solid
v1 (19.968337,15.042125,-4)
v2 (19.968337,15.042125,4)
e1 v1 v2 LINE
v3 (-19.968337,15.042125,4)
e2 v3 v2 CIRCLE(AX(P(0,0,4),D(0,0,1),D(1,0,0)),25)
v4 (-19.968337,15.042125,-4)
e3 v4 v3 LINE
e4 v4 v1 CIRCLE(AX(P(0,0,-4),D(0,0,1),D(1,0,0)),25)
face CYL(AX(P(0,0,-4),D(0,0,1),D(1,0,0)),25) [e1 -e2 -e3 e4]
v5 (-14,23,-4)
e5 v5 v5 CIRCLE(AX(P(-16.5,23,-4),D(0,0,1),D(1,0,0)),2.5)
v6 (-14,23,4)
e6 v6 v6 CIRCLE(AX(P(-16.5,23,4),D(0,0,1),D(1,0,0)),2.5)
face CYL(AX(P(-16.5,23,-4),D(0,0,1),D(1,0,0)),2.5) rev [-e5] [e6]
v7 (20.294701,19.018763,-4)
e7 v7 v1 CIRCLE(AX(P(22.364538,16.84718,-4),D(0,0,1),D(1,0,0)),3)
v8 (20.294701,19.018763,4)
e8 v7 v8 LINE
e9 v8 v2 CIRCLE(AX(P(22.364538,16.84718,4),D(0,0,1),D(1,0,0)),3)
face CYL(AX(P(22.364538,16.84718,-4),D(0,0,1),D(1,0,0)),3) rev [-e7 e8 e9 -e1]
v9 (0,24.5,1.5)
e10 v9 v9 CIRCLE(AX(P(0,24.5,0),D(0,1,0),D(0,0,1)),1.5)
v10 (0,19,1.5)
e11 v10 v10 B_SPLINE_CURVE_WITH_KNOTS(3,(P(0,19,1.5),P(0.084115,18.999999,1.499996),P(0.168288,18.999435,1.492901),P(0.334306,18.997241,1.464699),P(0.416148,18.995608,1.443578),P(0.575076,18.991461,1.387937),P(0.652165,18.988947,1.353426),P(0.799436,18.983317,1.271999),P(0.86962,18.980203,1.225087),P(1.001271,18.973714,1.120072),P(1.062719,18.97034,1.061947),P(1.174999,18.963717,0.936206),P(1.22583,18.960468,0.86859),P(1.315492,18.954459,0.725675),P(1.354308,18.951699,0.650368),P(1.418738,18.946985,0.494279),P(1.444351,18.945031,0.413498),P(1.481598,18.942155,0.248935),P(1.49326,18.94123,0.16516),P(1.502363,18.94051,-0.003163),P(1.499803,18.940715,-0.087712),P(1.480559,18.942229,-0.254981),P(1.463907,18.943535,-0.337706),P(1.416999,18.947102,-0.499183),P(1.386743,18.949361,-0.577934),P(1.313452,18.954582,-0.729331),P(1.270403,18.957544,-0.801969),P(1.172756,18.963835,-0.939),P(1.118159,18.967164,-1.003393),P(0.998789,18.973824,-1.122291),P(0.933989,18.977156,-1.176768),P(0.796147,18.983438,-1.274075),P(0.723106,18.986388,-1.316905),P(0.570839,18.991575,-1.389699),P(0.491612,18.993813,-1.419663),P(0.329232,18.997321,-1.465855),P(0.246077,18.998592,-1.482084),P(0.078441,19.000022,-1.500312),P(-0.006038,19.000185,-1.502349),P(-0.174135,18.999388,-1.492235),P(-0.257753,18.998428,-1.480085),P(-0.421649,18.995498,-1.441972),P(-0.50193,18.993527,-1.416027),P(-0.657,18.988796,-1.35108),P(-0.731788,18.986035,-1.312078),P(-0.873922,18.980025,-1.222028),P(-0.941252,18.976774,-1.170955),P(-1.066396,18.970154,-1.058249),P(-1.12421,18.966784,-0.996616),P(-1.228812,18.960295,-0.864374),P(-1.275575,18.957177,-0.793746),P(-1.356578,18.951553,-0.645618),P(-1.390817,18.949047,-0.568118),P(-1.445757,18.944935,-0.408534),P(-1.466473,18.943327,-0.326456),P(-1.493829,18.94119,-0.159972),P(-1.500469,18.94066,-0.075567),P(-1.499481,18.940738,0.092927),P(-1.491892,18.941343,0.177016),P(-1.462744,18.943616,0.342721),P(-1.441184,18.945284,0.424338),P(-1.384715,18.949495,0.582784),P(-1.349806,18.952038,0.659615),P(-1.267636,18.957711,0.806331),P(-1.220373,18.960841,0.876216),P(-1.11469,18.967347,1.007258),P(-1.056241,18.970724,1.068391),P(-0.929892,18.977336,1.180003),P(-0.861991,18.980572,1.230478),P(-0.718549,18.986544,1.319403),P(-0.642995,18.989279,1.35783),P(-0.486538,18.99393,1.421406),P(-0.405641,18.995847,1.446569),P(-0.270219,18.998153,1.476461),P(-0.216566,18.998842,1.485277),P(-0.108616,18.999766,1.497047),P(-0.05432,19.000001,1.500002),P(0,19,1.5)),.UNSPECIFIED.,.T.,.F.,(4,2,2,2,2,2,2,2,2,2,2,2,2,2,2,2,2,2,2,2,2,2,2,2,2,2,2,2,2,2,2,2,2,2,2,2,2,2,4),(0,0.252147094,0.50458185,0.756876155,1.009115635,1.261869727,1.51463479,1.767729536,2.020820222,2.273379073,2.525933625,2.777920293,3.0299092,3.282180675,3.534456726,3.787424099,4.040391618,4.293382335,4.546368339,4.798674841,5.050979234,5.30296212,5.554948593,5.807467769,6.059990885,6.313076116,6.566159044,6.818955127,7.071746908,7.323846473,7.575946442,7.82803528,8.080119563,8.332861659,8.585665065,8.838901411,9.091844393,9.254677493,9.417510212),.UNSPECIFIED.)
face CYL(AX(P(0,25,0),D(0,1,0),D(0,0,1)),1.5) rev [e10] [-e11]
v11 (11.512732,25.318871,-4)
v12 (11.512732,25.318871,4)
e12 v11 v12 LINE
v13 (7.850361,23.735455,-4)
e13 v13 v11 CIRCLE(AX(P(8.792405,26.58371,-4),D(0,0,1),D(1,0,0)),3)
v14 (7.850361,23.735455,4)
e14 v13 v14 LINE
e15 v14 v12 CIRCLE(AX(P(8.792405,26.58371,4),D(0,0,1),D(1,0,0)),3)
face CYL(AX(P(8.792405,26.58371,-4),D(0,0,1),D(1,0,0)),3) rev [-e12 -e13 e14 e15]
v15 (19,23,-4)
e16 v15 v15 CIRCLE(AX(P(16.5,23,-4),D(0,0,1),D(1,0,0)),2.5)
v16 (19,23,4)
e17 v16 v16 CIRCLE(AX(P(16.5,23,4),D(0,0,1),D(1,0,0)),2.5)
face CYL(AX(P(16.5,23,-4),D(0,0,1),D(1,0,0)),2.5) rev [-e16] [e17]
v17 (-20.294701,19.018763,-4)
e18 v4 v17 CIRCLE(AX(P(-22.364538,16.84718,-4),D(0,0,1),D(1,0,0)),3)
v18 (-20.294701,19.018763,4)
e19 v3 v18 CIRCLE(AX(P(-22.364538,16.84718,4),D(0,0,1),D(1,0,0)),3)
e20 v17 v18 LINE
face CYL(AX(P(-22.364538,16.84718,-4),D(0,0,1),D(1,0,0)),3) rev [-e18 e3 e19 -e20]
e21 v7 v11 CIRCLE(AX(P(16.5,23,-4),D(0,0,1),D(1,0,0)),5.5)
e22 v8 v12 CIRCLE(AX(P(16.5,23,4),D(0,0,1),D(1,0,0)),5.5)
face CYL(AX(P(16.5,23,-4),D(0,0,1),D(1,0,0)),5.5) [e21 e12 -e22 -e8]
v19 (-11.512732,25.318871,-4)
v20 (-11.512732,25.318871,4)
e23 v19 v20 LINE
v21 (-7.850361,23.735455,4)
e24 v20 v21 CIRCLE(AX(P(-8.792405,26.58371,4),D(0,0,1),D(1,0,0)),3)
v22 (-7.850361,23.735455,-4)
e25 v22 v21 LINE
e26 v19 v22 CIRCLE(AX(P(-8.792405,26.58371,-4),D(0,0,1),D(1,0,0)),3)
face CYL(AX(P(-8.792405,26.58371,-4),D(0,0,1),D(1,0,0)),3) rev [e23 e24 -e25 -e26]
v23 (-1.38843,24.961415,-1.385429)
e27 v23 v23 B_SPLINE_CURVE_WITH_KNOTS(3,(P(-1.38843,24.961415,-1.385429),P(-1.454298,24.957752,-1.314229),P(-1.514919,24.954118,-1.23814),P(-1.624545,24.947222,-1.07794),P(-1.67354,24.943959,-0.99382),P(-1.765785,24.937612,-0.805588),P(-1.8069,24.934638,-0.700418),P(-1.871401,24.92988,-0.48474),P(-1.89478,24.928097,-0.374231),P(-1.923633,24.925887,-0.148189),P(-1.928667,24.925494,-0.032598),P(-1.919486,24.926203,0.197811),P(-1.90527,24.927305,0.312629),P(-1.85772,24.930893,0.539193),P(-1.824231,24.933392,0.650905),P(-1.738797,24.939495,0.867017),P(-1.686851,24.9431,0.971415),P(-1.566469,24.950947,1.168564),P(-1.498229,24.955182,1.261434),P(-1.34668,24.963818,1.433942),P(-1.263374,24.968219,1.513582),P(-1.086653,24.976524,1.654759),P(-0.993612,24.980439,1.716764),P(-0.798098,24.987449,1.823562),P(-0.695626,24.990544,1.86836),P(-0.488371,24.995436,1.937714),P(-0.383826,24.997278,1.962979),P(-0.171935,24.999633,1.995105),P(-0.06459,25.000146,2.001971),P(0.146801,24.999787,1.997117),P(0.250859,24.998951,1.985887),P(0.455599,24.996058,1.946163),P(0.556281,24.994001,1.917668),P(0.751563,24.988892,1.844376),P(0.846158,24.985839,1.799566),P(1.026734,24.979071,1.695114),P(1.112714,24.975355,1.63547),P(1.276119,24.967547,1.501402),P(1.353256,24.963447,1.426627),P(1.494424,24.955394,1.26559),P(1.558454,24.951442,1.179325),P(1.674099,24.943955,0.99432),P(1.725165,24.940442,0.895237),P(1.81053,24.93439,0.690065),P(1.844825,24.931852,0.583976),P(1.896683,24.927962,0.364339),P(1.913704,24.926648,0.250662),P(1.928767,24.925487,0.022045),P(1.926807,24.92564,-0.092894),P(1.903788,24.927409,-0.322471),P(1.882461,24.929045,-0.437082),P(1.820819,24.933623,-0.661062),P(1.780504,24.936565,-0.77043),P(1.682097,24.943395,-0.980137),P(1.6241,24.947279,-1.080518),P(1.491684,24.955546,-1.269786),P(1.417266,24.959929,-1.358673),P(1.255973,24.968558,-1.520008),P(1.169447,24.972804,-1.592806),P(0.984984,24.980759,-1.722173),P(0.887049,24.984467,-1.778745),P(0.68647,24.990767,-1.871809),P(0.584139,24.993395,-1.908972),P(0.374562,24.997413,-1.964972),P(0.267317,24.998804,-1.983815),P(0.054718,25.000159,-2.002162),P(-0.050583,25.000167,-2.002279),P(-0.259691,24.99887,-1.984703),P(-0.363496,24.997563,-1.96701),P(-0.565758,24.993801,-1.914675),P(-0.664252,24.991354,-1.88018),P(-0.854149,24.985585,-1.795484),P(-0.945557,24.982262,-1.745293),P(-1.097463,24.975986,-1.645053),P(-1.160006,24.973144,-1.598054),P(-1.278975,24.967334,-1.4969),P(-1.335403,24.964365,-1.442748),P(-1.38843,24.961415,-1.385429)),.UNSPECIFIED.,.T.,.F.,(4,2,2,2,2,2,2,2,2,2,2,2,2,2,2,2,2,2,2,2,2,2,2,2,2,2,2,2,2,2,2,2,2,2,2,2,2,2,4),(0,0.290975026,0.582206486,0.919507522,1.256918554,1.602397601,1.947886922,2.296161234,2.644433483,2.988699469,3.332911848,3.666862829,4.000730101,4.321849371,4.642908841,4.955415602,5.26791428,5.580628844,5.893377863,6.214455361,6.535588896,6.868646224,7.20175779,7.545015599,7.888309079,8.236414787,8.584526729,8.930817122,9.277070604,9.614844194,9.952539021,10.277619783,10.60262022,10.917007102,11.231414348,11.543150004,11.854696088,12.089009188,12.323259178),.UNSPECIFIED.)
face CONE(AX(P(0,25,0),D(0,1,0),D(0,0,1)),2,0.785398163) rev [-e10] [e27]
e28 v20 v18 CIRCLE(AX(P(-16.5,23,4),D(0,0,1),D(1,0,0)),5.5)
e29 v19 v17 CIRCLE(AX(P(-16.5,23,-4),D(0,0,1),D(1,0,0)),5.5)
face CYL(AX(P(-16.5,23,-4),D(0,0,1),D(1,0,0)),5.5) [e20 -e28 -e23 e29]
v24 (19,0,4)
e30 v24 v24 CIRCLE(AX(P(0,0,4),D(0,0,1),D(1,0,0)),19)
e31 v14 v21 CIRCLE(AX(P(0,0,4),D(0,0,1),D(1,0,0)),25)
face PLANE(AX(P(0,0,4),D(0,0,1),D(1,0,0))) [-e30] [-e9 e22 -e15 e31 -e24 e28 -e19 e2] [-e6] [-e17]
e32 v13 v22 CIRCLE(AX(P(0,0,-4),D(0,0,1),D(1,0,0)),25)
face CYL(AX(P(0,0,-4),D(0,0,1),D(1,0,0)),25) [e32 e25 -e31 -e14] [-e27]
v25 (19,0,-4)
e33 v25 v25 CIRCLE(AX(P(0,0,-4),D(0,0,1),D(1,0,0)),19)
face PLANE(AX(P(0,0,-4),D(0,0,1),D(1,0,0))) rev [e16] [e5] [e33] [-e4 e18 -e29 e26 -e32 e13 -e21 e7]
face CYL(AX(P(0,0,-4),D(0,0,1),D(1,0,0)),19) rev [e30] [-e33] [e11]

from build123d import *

# Parameters (mm, degrees)
BOSS_EXTRUDE1_DEPTH                                  = 4
BOSS_EXTRUDE1_DEPTH_BACK                             = 4
SKETCH1_R                                            = 19
SKETCH1_R_2                                          = 2.5
CSK_FOR_ST2_2_CROSS_RECESSED_CTSK_HEAD_T_D           = 3
CSK_FOR_ST2_2_CROSS_RECESSED_CTSK_HEAD_T_DEPTH       = 10.1
CSK_FOR_ST2_2_CROSS_RECESSED_CTSK_HEAD_T_CSINK_D     = 4
CSK_FOR_ST2_2_CROSS_RECESSED_CTSK_HEAD_T_CSINK_ANGLE = 90
CSK_FOR_ST2_2_CROSS_RECESSED_CTSK_HEAD_T_TIP         = 0.901290929


with BuildPart() as part:
    # Sketch1 → Boss-Extrude1 (new, two sides: drawn at the far end of the back side and taken through both)
    with BuildSketch(Plane.XY.offset(-BOSS_EXTRUDE1_DEPTH_BACK)):
        with BuildLine():
            ThreePointArc((19.968337429, 15.042124196), (19.37459007, 17.09256497), (20.294700731, 19.018763212))
            ThreePointArc((20.294700731, 19.018763212), (19.705993339, 27.468960361), (11.512732462, 25.318870955))
            ThreePointArc((11.512732462, 25.318870955), (9.982940481, 23.830053075), (7.850361432, 23.735455028))
            ThreePointArc((7.850361432, 23.735455028), (4.5e-08, 25), (-7.850361347, 23.735455056))
            ThreePointArc((-7.850361347, 23.735455056), (-9.982940439, 23.830053057), (-11.512732462, 25.318870955))
            ThreePointArc((-11.512732462, 25.318870955), (-19.705993339, 27.468960361), (-20.294700731, 19.018763212))
            ThreePointArc((-20.294700731, 19.018763212), (-19.374590067, 17.092564941), (-19.968337465, 15.042124148))
            ThreePointArc((-19.968337465, 15.042124148), (3e-08, -25), (19.968337429, 15.042124196))
        make_face()
        Circle(SKETCH1_R, mode=Mode.SUBTRACT)
        with Locations((16.5, 23)):
            Circle(SKETCH1_R_2, mode=Mode.SUBTRACT)
        with Locations((-16.5, 23)):
            Circle(SKETCH1_R_2, mode=Mode.SUBTRACT)
    extrude(amount=BOSS_EXTRUDE1_DEPTH + BOSS_EXTRUDE1_DEPTH_BACK)

    # CSK for ST2.2 Cross recessed CTSK head tapping screws1
    with Locations(Plane(origin=(0, 25, 0), x_dir=(1, 0, 0), z_dir=(0, 1, 0))):
        with Locations((0, 0)):
            CounterSinkHole(CSK_FOR_ST2_2_CROSS_RECESSED_CTSK_HEAD_T_D / 2, CSK_FOR_ST2_2_CROSS_RECESSED_CTSK_HEAD_T_CSINK_D / 2, depth=CSK_FOR_ST2_2_CROSS_RECESSED_CTSK_HEAD_T_DEPTH, counter_sink_angle=CSK_FOR_ST2_2_CROSS_RECESSED_CTSK_HEAD_T_CSINK_ANGLE)
            with Locations((0, 0, -(CSK_FOR_ST2_2_CROSS_RECESSED_CTSK_HEAD_T_DEPTH + CSK_FOR_ST2_2_CROSS_RECESSED_CTSK_HEAD_T_TIP / 2))):  # 118° drill point
                Cone(0, CSK_FOR_ST2_2_CROSS_RECESSED_CTSK_HEAD_T_D / 2, CSK_FOR_ST2_2_CROSS_RECESSED_CTSK_HEAD_T_TIP, mode=Mode.SUBTRACT)


solid = part.part
